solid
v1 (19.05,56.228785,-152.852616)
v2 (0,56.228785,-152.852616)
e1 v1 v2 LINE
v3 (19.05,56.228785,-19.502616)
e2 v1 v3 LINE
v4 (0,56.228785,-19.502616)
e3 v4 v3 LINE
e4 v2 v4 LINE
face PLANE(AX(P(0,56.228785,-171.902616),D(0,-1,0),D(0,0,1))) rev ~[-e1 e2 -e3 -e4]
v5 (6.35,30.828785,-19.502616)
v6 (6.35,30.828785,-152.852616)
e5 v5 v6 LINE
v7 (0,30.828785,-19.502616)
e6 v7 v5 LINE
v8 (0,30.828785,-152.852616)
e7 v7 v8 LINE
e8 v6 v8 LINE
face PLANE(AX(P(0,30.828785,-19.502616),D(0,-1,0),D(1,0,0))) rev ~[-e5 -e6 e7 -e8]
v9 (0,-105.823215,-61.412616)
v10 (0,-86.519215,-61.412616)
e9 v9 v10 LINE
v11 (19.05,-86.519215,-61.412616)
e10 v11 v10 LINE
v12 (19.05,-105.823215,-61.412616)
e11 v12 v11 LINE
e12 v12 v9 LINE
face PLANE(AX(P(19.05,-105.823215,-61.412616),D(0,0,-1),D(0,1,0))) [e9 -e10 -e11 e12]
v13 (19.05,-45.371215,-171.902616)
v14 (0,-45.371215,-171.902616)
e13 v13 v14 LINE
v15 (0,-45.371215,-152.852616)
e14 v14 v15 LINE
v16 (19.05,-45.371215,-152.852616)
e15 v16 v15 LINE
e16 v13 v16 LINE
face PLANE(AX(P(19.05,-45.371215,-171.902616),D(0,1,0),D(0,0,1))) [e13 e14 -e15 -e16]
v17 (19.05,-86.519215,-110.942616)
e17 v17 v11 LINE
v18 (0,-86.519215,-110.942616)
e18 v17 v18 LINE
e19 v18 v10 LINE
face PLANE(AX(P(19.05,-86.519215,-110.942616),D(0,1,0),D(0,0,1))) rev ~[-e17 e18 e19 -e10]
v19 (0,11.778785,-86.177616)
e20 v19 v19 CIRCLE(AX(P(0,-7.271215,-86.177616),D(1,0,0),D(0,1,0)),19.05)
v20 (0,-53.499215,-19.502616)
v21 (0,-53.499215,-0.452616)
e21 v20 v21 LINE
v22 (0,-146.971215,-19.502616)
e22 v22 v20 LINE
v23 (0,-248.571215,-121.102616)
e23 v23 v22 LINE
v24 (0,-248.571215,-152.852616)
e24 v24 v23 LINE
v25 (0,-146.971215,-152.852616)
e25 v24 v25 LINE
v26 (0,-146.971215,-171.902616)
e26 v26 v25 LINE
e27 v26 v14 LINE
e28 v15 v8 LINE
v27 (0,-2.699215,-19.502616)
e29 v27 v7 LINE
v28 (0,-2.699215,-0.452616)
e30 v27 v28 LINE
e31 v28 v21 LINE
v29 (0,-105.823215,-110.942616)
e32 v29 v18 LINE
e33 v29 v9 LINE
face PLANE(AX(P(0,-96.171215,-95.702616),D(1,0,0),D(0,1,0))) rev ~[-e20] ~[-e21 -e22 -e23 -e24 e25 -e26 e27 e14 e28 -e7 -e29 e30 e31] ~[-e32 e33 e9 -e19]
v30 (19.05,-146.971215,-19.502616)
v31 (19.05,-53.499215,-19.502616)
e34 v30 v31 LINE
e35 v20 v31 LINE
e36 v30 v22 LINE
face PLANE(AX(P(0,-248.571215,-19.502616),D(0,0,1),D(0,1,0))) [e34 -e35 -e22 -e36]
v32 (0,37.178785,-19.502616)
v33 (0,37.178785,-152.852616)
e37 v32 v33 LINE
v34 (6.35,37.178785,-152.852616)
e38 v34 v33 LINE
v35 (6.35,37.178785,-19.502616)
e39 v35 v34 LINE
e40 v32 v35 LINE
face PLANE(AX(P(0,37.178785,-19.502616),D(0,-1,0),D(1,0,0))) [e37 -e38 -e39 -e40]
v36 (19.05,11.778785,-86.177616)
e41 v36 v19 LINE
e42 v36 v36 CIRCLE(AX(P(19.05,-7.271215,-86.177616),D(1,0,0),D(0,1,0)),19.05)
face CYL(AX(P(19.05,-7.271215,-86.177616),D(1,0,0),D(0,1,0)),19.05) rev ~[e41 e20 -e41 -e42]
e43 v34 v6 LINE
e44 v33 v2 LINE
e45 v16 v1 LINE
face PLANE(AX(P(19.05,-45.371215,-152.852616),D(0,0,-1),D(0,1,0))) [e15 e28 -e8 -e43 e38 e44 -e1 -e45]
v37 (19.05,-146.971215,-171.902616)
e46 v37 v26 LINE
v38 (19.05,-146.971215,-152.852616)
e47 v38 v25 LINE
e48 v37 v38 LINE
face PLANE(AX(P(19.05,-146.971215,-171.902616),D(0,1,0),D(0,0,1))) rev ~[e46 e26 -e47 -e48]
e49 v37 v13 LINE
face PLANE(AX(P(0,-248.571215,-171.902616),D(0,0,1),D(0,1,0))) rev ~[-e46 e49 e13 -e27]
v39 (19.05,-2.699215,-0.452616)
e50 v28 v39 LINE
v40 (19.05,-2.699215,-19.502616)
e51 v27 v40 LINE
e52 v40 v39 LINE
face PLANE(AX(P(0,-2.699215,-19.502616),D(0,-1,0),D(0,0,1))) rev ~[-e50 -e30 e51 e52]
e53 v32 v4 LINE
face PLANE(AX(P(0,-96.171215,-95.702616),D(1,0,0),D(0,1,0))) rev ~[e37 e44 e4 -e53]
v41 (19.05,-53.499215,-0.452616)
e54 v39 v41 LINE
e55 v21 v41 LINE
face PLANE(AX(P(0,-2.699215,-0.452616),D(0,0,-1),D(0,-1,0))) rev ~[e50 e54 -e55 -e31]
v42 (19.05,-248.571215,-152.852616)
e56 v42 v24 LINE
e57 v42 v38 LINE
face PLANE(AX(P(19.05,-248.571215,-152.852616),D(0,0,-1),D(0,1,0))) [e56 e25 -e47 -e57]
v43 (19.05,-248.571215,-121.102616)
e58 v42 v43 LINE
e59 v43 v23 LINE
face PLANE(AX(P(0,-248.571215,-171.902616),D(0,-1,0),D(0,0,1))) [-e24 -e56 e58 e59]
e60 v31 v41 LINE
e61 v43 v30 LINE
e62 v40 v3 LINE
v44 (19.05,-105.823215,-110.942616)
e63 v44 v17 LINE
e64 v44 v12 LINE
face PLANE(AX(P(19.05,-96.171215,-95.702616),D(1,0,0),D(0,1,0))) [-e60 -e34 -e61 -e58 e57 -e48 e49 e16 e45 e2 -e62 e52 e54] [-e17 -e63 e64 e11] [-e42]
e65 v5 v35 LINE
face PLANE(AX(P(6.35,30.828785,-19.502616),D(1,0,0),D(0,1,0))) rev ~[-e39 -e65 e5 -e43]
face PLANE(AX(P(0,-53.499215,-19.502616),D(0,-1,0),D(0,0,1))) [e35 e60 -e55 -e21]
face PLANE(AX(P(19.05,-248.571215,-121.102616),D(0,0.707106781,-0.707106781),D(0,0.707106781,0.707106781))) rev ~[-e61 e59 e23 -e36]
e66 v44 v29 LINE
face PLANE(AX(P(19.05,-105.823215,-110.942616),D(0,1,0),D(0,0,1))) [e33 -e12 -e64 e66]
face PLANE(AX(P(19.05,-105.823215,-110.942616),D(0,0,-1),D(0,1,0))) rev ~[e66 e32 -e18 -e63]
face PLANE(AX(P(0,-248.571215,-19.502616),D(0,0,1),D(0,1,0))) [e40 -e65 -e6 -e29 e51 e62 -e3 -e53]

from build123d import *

# Parameters (mm, degrees)
F0_W      = 304.8
F0_H      = 152.4
F1_DEPTH  = 19.05
F2_W      = 101.6
F2_H      = 19.05
F3_DEPTH  = 19.051
F4_W      = 19.304
F4_H      = 49.53
F5_DEPTH  = 19.051
F6_W      = 6.35
F6_H      = 6.35
F7_DEPTH  = 152.401
F9_DEPTH  = 19.051
F10_R     = 19.05
F11_DEPTH = 19.051
F12_W     = 50.8
F12_H     = 19.05
F13_DEPTH = 19.05


with BuildPart() as f1:
    # F0 (on Right) → F1 (new body)
    with BuildSketch(Plane.YZ):
        with Locations((-96.171215, -95.702616)):
            Rectangle(F0_W, F0_H)
    extrude(amount=F1_DEPTH)

    # F2 (on face) → F3 (cut, through all)
    with BuildSketch(Plane.YZ.offset(19.05)):
        with Locations((-197.771215, -162.377616)):
            Rectangle(F2_W, F2_H)
        with Locations((5.428785, -162.377616)):
            Rectangle(F2_W, F2_H)
    extrude(amount=-F3_DEPTH, mode=Mode.SUBTRACT)

    # F4 (on face) → F5 (cut, through all)
    with BuildSketch(Plane.YZ.offset(19.05)):
        with Locations((-96.171215, -86.177616)):
            Rectangle(F4_W, F4_H)
    extrude(amount=-F5_DEPTH, mode=Mode.SUBTRACT)

    # F6 (on face) → F7 (cut, through all)
    with BuildSketch(Plane.XY.offset(-19.502616)):
        with Locations((3.175, 34.003785)):
            Rectangle(F6_W, F6_H)
    extrude(amount=-F7_DEPTH, mode=Mode.SUBTRACT)

    # F8 (on face) → F9 (cut, through all)
    with BuildSketch(Plane.YZ.offset(19.05)):
        Polygon((-146.971215, -19.502616), (-248.571215, -19.502616), (-248.571215, -121.102616), align=None)
    extrude(amount=-F9_DEPTH, mode=Mode.SUBTRACT)

    # F10 (on face) → F11 (cut, through all)
    with BuildSketch(Plane.YZ.offset(19.05)):
        with Locations((-7.271215, -86.177616)):
            Circle(F10_R)
    extrude(amount=-F11_DEPTH, mode=Mode.SUBTRACT)

    # F12 (on face) → F13 (join)
    with BuildSketch(Plane(origin=(0, 0, 0), x_dir=(0, -1, 0), z_dir=(-1, 0, 0))):
        with Locations((28.099215, -9.977616)):
            Rectangle(F12_W, F12_H)
    extrude(amount=-F13_DEPTH)


solid = f1.part
